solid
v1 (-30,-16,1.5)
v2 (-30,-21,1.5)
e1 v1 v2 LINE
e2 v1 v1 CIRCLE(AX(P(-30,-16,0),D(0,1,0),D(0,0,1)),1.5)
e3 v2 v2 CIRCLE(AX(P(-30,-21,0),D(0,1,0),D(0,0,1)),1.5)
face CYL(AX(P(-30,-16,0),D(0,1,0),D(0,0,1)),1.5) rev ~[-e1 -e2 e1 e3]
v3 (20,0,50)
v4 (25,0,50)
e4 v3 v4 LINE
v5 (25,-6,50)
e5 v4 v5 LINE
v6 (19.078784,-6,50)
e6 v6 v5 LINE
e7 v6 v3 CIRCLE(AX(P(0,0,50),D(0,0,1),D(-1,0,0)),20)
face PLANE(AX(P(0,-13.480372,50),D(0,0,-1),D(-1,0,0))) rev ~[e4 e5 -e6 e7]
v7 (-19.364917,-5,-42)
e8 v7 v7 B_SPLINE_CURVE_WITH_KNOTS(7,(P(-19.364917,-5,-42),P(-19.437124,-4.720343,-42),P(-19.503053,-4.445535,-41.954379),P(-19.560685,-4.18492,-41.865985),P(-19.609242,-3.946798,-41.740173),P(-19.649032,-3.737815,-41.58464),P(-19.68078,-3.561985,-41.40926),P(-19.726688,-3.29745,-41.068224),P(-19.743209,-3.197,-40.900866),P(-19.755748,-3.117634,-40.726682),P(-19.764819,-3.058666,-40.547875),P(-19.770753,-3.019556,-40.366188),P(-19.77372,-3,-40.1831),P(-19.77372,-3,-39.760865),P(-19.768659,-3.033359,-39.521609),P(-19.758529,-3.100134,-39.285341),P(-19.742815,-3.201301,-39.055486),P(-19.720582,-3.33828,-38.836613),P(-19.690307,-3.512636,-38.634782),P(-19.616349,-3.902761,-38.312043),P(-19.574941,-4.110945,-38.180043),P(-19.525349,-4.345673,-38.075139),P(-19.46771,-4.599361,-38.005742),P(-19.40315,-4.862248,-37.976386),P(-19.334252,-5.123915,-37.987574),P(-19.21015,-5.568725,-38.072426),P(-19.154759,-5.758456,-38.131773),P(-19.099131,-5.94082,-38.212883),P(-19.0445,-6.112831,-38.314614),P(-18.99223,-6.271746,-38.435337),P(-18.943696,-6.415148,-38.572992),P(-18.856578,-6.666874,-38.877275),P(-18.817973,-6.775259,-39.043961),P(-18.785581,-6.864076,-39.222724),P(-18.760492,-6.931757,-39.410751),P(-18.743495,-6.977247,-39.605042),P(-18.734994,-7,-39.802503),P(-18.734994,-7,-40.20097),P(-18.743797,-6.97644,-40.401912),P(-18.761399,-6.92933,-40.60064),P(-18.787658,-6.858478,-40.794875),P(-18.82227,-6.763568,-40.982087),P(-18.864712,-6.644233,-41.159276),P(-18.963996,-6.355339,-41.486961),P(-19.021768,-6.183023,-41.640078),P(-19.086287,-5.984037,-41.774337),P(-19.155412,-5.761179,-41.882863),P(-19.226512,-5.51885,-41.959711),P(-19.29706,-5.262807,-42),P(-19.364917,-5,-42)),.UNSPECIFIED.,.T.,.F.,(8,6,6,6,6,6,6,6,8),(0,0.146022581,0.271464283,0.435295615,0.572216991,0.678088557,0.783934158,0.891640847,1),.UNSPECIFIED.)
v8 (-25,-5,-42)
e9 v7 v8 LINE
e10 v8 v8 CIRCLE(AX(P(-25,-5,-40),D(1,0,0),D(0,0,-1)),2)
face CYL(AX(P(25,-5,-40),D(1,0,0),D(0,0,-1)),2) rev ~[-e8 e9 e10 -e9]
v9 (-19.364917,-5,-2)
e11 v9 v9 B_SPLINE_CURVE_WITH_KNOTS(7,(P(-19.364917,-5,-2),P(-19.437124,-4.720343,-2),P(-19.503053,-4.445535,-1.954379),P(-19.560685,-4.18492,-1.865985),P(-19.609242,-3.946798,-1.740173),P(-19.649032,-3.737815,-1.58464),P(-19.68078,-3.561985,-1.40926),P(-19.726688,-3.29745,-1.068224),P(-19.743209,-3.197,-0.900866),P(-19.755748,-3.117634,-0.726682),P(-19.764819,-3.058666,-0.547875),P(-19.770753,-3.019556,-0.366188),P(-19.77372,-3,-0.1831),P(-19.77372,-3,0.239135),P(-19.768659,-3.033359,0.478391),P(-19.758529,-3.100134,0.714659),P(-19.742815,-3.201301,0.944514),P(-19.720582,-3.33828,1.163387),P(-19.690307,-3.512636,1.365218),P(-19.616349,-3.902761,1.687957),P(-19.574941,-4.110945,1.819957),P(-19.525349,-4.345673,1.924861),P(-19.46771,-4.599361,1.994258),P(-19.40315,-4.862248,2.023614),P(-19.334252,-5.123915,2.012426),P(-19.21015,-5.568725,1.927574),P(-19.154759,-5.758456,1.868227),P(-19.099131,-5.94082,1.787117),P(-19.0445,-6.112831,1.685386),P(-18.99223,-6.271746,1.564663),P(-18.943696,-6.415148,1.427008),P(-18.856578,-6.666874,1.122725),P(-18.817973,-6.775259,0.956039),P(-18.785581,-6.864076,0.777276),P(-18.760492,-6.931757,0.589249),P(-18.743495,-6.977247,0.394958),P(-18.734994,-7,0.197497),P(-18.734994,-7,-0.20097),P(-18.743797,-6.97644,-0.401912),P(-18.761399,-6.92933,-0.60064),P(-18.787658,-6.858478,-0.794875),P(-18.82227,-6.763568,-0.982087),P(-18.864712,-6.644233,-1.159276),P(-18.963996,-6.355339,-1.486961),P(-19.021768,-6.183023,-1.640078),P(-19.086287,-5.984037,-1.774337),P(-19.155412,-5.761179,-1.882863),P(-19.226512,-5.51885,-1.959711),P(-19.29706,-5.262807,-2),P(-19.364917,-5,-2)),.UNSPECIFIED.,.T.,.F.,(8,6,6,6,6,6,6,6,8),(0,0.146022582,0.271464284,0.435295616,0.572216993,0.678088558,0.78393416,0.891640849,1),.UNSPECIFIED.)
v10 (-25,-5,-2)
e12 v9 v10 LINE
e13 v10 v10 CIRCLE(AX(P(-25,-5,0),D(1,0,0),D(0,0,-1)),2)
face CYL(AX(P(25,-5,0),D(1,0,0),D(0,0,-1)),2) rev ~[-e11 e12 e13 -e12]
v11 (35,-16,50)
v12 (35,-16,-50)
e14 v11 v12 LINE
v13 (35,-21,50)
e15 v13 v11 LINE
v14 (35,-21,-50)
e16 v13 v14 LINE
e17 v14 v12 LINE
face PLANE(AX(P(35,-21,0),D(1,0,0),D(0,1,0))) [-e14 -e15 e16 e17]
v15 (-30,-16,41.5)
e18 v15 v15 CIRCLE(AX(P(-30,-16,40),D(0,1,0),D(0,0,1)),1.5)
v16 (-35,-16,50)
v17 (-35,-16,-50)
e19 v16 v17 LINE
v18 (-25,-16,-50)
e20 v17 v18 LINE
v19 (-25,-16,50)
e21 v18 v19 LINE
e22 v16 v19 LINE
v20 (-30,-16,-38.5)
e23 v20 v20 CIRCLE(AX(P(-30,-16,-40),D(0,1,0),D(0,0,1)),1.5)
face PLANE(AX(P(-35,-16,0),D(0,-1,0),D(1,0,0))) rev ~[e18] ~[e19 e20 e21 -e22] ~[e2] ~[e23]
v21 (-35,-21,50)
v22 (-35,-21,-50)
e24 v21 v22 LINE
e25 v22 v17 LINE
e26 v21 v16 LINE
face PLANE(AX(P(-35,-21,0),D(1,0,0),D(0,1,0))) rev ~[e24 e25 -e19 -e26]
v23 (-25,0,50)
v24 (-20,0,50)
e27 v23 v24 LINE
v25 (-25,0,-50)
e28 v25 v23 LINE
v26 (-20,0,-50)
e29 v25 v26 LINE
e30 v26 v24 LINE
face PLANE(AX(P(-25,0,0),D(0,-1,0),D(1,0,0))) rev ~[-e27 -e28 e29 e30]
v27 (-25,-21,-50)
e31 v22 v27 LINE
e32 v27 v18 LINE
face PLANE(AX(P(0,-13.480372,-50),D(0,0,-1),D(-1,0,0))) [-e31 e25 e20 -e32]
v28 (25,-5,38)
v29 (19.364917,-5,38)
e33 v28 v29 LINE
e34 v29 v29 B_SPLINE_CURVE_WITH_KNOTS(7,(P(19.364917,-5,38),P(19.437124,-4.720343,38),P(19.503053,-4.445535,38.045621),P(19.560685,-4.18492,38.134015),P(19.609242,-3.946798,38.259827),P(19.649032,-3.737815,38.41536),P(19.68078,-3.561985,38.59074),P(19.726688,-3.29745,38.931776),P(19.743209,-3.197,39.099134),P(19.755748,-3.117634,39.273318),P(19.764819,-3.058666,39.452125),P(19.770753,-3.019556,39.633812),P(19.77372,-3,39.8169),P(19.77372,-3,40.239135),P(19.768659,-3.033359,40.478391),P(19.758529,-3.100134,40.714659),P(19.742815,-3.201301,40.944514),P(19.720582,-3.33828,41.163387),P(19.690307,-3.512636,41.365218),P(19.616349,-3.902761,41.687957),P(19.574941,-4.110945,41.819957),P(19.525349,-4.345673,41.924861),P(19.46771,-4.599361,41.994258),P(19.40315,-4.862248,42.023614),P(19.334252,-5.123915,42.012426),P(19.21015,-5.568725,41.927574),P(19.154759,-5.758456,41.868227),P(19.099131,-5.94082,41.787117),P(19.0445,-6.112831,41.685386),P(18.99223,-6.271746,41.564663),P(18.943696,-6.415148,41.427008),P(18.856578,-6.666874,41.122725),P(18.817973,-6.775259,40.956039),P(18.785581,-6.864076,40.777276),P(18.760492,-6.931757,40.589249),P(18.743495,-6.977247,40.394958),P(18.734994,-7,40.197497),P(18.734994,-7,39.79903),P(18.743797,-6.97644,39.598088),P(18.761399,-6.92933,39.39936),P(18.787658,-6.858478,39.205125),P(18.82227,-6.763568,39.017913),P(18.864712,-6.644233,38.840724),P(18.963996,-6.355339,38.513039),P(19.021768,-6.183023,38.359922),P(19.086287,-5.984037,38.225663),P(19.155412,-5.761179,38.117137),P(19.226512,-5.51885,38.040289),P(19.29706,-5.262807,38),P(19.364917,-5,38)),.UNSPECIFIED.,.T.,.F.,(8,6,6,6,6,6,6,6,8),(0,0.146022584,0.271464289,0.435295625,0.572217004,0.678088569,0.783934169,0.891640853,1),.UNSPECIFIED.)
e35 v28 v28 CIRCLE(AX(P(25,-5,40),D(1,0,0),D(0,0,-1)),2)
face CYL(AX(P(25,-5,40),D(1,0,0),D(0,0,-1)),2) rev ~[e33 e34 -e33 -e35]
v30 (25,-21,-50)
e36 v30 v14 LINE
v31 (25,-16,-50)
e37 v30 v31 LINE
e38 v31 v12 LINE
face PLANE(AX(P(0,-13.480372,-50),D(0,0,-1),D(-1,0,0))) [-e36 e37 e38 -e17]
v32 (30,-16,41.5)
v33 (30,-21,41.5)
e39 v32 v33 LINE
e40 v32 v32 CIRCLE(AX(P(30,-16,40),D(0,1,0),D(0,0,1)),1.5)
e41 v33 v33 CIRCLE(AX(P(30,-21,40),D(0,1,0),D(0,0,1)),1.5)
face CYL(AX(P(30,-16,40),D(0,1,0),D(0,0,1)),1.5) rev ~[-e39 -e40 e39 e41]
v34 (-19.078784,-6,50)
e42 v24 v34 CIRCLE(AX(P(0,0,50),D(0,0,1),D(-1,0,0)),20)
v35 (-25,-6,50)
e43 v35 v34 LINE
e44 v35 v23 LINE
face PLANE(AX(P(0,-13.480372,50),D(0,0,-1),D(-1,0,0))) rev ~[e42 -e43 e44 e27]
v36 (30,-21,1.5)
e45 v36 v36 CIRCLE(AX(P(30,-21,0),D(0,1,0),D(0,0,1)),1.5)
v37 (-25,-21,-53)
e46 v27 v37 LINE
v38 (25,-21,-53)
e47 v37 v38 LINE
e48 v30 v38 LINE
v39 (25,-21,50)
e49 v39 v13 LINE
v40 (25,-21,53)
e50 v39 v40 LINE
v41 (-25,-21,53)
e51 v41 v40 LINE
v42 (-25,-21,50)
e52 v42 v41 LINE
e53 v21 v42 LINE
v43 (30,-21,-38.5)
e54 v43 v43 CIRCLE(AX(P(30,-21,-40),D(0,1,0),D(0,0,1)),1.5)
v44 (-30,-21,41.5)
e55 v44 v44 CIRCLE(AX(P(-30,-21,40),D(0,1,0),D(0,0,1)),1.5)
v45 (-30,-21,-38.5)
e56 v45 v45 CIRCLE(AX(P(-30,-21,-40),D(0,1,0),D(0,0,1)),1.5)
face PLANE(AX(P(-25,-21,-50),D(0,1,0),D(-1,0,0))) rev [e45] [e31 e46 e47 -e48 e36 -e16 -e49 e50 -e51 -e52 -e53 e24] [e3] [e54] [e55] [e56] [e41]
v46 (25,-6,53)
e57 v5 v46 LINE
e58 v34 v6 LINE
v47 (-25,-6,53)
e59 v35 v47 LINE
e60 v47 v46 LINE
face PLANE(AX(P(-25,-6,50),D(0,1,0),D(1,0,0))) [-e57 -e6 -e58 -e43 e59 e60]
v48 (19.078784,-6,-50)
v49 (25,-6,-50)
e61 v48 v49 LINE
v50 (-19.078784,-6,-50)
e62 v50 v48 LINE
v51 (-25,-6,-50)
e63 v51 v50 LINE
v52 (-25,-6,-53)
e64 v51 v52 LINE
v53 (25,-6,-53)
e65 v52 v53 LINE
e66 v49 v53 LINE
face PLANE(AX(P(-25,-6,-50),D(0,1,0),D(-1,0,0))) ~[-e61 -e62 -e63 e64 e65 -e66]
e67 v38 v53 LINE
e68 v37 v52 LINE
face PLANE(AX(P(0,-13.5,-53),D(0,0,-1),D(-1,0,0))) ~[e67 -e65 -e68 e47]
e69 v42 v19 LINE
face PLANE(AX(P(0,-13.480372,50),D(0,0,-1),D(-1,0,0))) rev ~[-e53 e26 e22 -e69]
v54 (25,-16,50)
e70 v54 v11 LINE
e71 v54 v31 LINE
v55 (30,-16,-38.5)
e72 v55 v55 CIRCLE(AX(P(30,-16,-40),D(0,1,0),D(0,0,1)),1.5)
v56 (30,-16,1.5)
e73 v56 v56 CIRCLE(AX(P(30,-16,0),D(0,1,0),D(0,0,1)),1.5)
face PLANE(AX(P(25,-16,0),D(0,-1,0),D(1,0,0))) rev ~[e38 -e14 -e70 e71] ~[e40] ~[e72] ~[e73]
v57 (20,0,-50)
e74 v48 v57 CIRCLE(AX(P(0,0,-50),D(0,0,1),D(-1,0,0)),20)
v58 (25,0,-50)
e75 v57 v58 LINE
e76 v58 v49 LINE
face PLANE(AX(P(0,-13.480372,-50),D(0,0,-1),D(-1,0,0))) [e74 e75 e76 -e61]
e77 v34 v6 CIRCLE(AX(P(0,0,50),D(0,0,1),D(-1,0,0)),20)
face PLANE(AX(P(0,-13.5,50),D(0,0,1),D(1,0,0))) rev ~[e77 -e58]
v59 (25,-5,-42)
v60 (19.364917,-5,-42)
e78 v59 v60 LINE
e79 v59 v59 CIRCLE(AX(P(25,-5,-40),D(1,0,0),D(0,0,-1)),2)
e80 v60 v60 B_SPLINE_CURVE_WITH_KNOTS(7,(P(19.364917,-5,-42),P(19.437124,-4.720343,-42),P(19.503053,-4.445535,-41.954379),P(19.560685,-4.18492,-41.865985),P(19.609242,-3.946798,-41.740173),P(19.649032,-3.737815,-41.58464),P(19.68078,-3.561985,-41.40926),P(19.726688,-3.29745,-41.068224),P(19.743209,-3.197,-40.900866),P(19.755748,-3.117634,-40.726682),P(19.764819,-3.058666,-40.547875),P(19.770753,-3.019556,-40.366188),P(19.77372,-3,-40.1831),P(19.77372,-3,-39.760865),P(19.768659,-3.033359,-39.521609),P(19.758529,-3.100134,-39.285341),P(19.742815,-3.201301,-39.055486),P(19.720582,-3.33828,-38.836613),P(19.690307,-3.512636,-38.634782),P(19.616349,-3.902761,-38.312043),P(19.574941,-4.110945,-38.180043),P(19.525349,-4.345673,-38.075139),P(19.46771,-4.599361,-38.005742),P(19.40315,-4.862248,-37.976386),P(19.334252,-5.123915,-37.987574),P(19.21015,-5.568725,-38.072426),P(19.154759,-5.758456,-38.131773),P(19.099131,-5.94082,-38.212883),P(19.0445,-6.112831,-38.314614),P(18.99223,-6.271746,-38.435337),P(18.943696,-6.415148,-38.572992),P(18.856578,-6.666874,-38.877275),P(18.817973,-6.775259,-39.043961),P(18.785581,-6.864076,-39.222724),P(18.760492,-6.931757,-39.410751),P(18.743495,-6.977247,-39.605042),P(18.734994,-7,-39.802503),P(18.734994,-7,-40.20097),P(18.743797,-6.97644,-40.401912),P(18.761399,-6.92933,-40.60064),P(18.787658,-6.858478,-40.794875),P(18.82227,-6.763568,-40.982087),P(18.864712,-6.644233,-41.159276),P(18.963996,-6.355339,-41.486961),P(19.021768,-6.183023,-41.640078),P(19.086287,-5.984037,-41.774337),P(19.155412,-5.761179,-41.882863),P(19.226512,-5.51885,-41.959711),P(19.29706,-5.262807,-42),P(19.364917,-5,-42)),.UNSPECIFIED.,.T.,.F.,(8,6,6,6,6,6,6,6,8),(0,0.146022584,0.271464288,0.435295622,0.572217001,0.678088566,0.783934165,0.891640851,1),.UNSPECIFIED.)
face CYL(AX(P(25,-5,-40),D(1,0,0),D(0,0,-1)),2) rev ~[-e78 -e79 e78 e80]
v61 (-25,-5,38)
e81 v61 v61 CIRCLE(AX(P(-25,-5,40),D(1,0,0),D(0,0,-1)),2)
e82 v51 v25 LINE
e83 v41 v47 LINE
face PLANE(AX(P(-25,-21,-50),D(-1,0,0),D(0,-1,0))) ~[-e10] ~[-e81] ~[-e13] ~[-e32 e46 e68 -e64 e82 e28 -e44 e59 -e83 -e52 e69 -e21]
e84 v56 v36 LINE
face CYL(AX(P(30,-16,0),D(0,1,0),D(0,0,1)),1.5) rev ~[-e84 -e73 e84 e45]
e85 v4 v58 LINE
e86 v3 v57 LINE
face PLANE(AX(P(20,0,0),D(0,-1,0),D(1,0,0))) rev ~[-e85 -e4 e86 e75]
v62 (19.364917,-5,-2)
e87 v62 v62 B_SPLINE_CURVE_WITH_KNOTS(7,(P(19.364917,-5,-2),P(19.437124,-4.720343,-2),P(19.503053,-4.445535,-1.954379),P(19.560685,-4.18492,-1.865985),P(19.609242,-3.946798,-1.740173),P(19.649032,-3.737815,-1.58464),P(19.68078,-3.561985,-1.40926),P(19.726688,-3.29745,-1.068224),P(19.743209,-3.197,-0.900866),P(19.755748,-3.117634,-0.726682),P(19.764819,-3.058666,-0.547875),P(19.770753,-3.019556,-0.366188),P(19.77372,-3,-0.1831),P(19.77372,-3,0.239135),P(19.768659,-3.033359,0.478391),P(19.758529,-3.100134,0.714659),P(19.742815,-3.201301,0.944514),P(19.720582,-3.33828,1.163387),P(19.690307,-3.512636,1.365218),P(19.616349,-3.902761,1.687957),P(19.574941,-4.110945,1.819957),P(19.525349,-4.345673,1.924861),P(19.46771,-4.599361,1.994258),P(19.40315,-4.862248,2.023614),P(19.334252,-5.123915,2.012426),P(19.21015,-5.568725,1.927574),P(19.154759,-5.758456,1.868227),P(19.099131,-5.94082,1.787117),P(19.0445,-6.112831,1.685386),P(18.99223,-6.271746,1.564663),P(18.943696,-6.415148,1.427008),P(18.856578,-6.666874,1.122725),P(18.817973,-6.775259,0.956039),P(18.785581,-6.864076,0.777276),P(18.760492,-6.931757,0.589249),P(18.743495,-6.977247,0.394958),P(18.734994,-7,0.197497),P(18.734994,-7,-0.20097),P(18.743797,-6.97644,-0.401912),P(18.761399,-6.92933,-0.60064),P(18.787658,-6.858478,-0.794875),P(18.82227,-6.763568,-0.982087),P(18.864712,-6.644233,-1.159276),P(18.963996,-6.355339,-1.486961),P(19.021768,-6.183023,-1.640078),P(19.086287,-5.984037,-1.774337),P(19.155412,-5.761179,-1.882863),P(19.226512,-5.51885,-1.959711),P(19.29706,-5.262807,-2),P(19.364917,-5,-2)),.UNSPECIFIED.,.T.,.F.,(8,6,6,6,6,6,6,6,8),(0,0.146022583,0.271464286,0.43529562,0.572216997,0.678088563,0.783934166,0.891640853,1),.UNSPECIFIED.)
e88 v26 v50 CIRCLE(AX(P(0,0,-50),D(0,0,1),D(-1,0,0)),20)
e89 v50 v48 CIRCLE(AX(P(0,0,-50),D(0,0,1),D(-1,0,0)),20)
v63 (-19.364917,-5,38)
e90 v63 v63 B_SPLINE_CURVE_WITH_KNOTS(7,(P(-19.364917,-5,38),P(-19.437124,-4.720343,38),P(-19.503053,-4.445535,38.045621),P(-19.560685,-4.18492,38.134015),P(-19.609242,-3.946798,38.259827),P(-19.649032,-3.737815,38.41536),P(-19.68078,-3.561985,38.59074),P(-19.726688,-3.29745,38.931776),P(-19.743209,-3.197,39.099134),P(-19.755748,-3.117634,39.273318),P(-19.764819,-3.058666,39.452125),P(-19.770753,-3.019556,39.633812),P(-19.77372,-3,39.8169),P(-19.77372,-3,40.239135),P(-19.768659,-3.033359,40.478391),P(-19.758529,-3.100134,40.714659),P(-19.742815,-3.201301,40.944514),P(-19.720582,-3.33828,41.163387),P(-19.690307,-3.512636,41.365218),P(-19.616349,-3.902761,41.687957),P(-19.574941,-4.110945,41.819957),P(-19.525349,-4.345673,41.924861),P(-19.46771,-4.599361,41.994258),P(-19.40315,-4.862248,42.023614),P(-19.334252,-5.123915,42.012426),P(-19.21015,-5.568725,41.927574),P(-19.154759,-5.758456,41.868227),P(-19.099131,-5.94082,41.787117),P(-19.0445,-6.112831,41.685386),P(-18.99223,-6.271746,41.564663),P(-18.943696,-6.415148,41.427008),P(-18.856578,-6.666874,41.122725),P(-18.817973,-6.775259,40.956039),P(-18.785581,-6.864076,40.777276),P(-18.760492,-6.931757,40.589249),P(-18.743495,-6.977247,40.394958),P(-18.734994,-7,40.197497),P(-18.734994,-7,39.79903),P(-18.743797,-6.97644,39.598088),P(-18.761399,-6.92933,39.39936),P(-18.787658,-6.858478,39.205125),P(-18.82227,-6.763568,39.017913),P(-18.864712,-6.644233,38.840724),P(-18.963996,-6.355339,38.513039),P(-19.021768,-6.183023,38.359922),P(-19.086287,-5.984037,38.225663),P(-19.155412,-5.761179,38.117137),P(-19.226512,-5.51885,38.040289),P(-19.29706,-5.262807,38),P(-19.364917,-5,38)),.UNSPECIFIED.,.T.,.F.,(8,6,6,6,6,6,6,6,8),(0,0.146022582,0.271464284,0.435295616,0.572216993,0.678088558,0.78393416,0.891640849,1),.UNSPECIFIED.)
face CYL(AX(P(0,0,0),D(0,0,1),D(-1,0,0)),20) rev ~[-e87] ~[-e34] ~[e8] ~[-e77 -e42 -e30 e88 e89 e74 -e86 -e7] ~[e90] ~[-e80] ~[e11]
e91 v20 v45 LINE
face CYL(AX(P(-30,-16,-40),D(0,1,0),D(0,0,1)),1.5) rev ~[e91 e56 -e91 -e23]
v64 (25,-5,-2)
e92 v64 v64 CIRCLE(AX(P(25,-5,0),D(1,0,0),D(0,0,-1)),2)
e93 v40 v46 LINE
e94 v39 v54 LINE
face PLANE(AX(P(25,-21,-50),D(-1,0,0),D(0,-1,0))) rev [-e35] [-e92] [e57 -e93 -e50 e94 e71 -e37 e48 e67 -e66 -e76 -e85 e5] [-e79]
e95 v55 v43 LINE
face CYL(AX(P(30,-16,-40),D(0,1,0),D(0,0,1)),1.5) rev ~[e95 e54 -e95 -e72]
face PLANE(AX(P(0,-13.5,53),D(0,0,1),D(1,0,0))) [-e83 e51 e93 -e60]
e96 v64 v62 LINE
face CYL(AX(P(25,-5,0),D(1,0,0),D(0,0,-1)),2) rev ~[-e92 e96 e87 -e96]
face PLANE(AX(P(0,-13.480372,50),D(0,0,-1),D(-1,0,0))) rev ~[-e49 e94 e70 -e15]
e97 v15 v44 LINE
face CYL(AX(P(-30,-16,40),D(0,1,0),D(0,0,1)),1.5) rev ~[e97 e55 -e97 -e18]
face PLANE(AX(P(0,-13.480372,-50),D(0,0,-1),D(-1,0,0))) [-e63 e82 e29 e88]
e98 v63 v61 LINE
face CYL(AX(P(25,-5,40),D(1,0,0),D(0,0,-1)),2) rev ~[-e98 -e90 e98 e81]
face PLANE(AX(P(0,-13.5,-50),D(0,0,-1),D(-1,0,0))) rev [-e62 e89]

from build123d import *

# Parameters (mm, degrees)
SKETCH1_W           = 10
SKETCH1_H           = 5
BOSS_EXTRUDE2_DEPTH = 50
SKETCH2_R           = 1.5
CUT_EXTRUDE1_DEPTH  = 100
SKETCH5_R           = 2
CUT_EXTRUDE3_DEPTH  = 100
SKETCH6_W           = 50
SKETCH6_H           = 15
BOSS_EXTRUDE3_DEPTH = 3


with BuildPart() as part:
    # Sketch1 → Boss-Extrude2 (new, symmetric)
    with BuildSketch(Plane.XY):
        with BuildLine():
            ThreePointArc((-20, 0), (0, -20), (20, 0))
            Line((20, 0), (25, 0))
            Line((25, 0), (25, -21))
            Line((25, -21), (-25, -21))
            Line((-25, -21), (-25, 0))
            Line((-25, 0), (-20, 0))
        make_face()
        with Locations((-30, -18.5)):
            Rectangle(SKETCH1_W, SKETCH1_H)
        with Locations((30, -18.5)):
            Rectangle(SKETCH1_W, SKETCH1_H)
    extrude(amount=BOSS_EXTRUDE2_DEPTH, both=True)

    # Sketch2 → Cut-Extrude1 (cut)
    with BuildSketch(Plane(origin=(0, -16, 0), x_dir=(1, 0, 0), z_dir=(0, 1, 0))):
        with Locations(Location((-30, 40, 0), (0, 0, 270))):
            Circle(SKETCH2_R)
        with Locations(Location((-30, 0, 0), (0, 0, 270))):
            Circle(SKETCH2_R)
        with Locations(Location((-30, -40, 0), (0, 0, 270))):
            Circle(SKETCH2_R)
        with Locations(Location((30, 40, 0), (0, 0, 270))):
            Circle(SKETCH2_R)
        with Locations(Location((30, 0, 0), (0, 0, 270))):
            Circle(SKETCH2_R)
        with Locations(Location((30, -40, 0), (0, 0, 270))):
            Circle(SKETCH2_R)
    extrude(amount=-CUT_EXTRUDE1_DEPTH, mode=Mode.SUBTRACT)

    # Sketch5 → Cut-Extrude3 (cut)
    with BuildSketch(Plane(origin=(25, 0, 0), x_dir=(0, 0, -1), z_dir=(1, 0, 0))):
        with Locations((-40, -5)):
            Circle(SKETCH5_R)
        with Locations((0, -5)):
            Circle(SKETCH5_R)
        with Locations((40, -5)):
            Circle(SKETCH5_R)
    extrude(amount=-CUT_EXTRUDE3_DEPTH, mode=Mode.SUBTRACT)

    # Sketch6 → Boss-Extrude3 (add)
    with BuildSketch(Plane.XY.offset(50)):
        with Locations((0, -13.5)):
            Rectangle(SKETCH6_W, SKETCH6_H)
    boss_extrude3 = extrude(amount=BOSS_EXTRUDE3_DEPTH)

    # Mirror2: Boss-Extrude3 across plane
    add(boss_extrude3.mirror(Plane.XY))


solid = part.part
